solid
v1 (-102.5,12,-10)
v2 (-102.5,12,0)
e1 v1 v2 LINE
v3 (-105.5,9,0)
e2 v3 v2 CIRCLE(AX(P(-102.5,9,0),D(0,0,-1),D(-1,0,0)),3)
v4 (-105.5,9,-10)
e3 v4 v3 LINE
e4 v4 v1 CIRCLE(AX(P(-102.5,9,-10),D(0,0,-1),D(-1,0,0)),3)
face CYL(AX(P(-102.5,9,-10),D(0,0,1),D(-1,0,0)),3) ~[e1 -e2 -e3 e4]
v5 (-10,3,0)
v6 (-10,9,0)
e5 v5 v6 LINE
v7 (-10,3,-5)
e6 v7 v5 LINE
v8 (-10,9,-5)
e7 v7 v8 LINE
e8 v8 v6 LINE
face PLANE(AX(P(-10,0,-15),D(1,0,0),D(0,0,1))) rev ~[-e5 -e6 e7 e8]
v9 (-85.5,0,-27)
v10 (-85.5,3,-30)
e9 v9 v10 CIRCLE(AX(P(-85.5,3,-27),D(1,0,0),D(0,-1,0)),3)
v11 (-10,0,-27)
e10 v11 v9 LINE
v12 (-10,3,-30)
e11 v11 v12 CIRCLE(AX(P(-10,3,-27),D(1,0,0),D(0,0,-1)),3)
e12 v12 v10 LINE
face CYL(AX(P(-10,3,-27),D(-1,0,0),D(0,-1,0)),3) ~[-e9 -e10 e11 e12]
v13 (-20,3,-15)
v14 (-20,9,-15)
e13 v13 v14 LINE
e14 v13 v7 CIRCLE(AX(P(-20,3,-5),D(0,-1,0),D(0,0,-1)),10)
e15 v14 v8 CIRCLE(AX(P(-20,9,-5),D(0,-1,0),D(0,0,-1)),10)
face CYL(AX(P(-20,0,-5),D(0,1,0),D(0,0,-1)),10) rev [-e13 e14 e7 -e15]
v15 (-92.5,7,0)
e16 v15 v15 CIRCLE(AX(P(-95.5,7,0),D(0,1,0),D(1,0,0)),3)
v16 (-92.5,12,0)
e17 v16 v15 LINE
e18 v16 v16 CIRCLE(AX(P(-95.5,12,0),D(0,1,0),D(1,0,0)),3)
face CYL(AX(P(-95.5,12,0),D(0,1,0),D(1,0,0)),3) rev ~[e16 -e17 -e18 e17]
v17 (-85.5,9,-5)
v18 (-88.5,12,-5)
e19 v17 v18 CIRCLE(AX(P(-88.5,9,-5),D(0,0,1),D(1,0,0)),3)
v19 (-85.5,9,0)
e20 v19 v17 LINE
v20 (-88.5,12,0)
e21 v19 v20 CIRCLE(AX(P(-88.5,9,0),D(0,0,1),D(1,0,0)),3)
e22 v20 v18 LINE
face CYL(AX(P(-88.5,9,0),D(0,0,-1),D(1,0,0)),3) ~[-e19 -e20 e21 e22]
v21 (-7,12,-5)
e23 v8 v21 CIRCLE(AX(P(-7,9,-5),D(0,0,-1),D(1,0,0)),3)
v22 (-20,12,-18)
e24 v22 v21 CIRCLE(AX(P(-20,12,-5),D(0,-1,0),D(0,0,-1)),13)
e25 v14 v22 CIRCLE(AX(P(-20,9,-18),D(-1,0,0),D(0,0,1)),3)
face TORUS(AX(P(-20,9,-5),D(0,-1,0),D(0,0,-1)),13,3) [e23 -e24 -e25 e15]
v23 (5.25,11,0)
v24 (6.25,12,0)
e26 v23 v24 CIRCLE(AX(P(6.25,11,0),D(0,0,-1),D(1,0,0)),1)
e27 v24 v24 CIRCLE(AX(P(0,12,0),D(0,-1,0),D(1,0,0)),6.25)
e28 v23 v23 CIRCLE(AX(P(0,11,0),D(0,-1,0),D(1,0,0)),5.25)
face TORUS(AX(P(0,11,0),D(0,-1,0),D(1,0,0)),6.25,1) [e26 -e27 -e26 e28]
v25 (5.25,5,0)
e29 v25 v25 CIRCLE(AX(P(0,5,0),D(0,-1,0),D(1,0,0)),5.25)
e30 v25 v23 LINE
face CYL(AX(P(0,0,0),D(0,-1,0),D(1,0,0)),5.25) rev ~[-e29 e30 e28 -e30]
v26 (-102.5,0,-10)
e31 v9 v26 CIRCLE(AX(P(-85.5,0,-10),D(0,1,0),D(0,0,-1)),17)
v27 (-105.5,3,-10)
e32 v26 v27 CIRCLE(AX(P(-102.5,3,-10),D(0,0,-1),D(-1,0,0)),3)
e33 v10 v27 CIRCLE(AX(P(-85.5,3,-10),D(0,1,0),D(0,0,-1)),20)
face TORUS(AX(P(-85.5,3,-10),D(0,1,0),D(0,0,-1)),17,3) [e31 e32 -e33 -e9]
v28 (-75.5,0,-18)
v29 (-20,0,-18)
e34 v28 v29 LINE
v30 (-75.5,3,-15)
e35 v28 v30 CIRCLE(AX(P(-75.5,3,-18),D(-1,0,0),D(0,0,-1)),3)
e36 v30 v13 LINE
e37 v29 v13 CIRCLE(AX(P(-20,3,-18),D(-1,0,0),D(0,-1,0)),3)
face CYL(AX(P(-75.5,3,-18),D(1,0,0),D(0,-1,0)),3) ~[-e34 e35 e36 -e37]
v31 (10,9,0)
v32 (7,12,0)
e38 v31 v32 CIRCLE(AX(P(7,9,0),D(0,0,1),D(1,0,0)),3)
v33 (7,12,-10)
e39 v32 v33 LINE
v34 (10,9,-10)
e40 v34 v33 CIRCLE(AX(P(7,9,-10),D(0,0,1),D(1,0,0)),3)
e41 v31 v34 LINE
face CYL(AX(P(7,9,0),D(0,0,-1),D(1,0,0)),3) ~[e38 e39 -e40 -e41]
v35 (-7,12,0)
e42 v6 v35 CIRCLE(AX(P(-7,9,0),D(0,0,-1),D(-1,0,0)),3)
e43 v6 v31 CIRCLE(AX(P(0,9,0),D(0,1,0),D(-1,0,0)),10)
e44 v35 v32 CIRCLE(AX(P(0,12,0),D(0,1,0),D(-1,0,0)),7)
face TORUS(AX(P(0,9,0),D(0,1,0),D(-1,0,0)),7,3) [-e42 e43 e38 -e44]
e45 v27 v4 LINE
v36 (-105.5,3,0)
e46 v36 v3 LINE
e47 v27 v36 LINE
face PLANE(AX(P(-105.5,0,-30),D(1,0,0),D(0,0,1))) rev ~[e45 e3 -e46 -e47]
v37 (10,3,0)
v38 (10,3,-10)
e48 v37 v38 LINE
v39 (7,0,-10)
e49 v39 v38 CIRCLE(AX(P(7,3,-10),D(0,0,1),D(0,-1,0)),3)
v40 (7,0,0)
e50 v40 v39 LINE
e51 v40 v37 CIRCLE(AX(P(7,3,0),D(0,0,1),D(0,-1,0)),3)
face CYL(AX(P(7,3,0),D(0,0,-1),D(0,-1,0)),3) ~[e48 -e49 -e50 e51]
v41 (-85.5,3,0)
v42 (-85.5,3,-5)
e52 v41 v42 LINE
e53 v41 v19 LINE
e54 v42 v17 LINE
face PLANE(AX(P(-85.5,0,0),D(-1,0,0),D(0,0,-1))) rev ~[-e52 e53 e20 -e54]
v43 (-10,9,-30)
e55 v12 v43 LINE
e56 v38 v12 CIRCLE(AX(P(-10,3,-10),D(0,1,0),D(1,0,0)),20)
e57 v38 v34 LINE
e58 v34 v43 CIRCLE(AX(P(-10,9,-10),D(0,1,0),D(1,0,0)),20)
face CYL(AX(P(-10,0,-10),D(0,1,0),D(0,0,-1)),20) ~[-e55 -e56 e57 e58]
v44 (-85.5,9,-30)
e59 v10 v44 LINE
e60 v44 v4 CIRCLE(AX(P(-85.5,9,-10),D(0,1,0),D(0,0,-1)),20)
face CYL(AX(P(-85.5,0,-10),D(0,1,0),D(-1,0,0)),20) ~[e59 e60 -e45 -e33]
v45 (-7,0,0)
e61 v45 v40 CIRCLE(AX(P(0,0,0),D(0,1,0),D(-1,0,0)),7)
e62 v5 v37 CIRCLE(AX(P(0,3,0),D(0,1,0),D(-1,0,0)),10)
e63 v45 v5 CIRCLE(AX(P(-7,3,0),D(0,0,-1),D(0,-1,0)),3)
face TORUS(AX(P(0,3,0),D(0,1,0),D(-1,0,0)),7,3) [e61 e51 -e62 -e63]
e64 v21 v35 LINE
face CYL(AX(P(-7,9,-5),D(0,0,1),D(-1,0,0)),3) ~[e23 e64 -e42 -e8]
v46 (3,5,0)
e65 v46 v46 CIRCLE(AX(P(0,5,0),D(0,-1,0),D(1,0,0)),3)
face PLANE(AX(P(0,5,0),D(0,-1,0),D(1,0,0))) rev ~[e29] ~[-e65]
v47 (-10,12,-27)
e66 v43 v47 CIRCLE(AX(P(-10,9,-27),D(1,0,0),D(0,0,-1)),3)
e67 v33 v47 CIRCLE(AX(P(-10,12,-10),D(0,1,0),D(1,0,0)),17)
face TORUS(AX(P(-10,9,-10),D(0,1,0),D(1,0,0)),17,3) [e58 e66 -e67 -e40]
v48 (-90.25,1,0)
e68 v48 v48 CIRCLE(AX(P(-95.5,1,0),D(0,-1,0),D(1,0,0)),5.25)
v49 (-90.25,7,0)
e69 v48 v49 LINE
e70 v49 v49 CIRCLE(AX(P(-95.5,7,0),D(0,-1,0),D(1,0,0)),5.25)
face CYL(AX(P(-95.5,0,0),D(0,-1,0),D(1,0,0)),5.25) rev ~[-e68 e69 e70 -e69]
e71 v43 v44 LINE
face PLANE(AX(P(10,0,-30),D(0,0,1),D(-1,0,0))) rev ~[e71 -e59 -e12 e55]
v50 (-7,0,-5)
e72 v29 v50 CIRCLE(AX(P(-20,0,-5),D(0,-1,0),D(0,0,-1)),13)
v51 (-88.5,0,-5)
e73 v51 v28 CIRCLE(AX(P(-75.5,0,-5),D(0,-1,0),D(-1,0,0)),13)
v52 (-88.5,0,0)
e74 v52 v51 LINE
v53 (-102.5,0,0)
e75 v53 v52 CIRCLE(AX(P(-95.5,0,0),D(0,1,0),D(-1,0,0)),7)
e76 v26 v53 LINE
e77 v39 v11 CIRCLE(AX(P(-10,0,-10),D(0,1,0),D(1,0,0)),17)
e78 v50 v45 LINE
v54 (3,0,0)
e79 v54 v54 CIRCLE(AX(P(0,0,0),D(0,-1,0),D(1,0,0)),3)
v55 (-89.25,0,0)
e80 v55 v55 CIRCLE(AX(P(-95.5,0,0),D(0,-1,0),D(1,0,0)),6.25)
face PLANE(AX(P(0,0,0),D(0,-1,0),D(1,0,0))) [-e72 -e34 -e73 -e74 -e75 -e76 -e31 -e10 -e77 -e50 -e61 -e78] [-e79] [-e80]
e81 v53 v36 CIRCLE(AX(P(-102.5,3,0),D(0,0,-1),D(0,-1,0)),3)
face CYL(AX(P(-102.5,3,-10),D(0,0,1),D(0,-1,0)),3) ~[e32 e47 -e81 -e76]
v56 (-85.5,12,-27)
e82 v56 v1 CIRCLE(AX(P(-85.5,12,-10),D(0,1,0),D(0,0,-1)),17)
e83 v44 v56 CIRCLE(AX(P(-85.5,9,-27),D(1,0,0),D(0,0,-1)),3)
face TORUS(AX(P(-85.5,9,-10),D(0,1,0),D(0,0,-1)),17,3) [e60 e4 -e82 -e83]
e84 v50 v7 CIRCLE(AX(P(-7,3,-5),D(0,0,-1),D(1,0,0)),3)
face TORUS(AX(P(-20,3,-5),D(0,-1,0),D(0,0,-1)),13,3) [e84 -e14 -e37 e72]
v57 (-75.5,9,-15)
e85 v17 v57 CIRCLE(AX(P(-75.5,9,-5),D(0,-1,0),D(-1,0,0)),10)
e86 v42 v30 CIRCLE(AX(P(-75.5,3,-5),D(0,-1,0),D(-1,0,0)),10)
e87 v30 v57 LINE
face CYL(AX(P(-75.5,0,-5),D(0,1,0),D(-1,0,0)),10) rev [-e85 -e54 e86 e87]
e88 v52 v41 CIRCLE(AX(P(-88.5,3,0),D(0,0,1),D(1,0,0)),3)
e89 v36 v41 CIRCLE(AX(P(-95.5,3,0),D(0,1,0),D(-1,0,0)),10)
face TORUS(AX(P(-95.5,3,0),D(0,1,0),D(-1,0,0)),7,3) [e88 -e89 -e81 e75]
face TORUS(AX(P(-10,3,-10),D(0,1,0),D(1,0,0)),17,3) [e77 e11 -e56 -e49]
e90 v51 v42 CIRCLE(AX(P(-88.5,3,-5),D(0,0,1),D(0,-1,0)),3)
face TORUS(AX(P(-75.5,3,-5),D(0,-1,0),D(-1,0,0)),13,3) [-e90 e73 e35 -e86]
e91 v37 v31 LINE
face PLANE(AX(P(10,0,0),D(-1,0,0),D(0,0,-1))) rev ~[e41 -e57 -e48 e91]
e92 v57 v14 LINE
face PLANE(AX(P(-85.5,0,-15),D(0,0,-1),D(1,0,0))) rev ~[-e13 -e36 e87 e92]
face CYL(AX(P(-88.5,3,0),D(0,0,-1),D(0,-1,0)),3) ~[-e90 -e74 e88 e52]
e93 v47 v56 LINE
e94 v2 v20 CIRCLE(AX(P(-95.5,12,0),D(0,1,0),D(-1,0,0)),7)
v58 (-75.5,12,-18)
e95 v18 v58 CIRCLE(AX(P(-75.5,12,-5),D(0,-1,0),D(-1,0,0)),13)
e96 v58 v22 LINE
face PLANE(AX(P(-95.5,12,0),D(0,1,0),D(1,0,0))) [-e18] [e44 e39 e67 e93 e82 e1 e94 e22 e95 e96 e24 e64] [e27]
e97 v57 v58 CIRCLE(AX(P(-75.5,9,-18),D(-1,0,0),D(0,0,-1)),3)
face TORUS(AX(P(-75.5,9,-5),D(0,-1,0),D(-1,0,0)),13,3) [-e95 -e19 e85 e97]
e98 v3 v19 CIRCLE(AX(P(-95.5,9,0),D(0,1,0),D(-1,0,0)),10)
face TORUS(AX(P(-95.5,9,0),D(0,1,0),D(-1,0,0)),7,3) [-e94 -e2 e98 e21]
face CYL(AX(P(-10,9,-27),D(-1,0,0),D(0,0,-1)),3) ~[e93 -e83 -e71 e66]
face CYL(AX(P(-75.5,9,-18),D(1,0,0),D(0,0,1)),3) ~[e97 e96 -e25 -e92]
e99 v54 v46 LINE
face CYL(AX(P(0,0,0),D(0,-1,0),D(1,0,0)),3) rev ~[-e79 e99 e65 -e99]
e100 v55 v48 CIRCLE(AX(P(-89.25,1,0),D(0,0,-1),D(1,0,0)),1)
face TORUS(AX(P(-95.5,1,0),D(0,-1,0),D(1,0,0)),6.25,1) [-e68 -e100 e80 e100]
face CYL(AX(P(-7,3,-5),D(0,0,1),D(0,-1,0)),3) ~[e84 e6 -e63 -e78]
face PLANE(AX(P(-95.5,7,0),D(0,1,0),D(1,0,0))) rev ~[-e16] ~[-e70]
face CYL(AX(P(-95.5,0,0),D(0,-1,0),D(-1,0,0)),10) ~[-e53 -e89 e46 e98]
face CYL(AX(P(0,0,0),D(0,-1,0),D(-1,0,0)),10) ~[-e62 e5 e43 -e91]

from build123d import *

# Parameters (mm, degrees)
SKETCH7_R           = 5
BOSS_EXTRUDE5_DEPTH = 12
FILLET2_R           = 20
FILLET3_R           = 10
FILLET5_R           = 3
SKETCH11_R          = 5.25
CUT_EXTRUDE1_DEPTH  = 36
FILLET6_R           = 1
SKETCH12_R          = 6.25
SKETCH12_R_2        = 3
BOSS_EXTRUDE6_DEPTH = 5
SKETCH13_R          = 6.25
SKETCH13_R_2        = 3
BOSS_EXTRUDE7_DEPTH = 5


with BuildPart() as part:
    # Sketch7 → Boss-Extrude5 (new body)
    with BuildSketch(Plane(origin=(0, 0, 0), x_dir=(1, 0, 0), z_dir=(0, 1, 0))):
        with BuildLine():
            Line((-105.5, 30), (-105.5, 0))
            ThreePointArc((-105.5, 0), (-95.5, -10), (-85.5, 0))
            Line((-85.5, 0), (-85.5, 15))
            Line((-85.5, 15), (-10, 15))
            Line((-10, 15), (-10, 0))
            ThreePointArc((-10, 0), (0, -10), (10, 0))
            Line((10, 0), (10, 30))
            Line((10, 30), (-10, 30))
            Line((-10, 30), (-85.5, 30))
            Line((-85.5, 30), (-105.5, 30))
        make_face()
        with Locations((-95.5, 0)):
            Circle(SKETCH7_R, mode=Mode.SUBTRACT)
    extrude(amount=BOSS_EXTRUDE5_DEPTH)

    # Fillet2
    fillet2_edges = [part.edges().sort_by_distance(p)[0] for p in [
        (-105.5, 6, -30),
        (10, 6, -30),
    ]]
    fillet(fillet2_edges, radius=FILLET2_R)

    # Fillet3
    fillet3_edges = [part.edges().sort_by_distance(p)[0] for p in [
        (-10, 6, -15),
        (-85.5, 6, -15),
    ]]
    fillet(fillet3_edges, radius=FILLET3_R)

    # Fillet5
    fillet5_edges = [part.edges().sort_by_distance(p)[0] for p in [
        (10, 0, -5),
        (-105.5, 12, -5),
        (0, 0, 10),
        (-10, 0, -2.5),
        (-85.5, 0, -2.5),
        (-95.5, 0, 10),
        (-105.5, 0, -5),
        (-95.5, 12, 10),
        (-85.5, 12, -2.5),
        (-47.75, 0, -30),
        (-47.75, 12, -30),
        (-10, 12, -2.5),
        (-99.642135624, 0, -24.142135624),
        (4.142135624, 0, -24.142135624),
        (-99.642135624, 12, -24.142135624),
        (4.142135624, 12, -24.142135624),
        (0, 12, 10),
        (10, 12, -5),
        (-47.75, 0, -15),
        (-47.75, 12, -15),
        (-12.928932188, 0, -12.071067812),
        (-12.928932188, 12, -12.071067812),
        (-82.571067812, 0, -12.071067812),
        (-82.571067812, 12, -12.071067812),
    ]]
    fillet(fillet5_edges, radius=FILLET5_R)

    # Sketch11 → Cut-Extrude1 (cut)
    with BuildSketch(Plane.XZ):
        with Locations((-95.5, 0)):
            Circle(SKETCH11_R)
        Circle(SKETCH11_R)
    extrude(amount=-CUT_EXTRUDE1_DEPTH, mode=Mode.SUBTRACT)

    # Fillet6
    fillet6_edges = [part.edges().sort_by_distance(p)[0] for p in [
        (-100.75, 12, 0),
        (-100.75, 0, 0),
        (-5.25, 12, 0),
        (-5.25, 0, 0),
    ]]
    fillet(fillet6_edges, radius=FILLET6_R)

    # Sketch12 → Boss-Extrude6 (add)
    with BuildSketch(Plane(origin=(0, 12, 0), x_dir=(1, 0, 0), z_dir=(0, 1, 0))):
        with Locations((-95.5, 0)):
            Circle(SKETCH12_R)
        with Locations((-95.5, 0)):
            Circle(SKETCH12_R_2, mode=Mode.SUBTRACT)
    extrude(amount=-BOSS_EXTRUDE6_DEPTH)

    # Sketch13 → Boss-Extrude7 (add)
    with BuildSketch(Plane.XZ):
        Circle(SKETCH13_R)
        Circle(SKETCH13_R_2, mode=Mode.SUBTRACT)
    extrude(amount=-BOSS_EXTRUDE7_DEPTH)


solid = part.part
